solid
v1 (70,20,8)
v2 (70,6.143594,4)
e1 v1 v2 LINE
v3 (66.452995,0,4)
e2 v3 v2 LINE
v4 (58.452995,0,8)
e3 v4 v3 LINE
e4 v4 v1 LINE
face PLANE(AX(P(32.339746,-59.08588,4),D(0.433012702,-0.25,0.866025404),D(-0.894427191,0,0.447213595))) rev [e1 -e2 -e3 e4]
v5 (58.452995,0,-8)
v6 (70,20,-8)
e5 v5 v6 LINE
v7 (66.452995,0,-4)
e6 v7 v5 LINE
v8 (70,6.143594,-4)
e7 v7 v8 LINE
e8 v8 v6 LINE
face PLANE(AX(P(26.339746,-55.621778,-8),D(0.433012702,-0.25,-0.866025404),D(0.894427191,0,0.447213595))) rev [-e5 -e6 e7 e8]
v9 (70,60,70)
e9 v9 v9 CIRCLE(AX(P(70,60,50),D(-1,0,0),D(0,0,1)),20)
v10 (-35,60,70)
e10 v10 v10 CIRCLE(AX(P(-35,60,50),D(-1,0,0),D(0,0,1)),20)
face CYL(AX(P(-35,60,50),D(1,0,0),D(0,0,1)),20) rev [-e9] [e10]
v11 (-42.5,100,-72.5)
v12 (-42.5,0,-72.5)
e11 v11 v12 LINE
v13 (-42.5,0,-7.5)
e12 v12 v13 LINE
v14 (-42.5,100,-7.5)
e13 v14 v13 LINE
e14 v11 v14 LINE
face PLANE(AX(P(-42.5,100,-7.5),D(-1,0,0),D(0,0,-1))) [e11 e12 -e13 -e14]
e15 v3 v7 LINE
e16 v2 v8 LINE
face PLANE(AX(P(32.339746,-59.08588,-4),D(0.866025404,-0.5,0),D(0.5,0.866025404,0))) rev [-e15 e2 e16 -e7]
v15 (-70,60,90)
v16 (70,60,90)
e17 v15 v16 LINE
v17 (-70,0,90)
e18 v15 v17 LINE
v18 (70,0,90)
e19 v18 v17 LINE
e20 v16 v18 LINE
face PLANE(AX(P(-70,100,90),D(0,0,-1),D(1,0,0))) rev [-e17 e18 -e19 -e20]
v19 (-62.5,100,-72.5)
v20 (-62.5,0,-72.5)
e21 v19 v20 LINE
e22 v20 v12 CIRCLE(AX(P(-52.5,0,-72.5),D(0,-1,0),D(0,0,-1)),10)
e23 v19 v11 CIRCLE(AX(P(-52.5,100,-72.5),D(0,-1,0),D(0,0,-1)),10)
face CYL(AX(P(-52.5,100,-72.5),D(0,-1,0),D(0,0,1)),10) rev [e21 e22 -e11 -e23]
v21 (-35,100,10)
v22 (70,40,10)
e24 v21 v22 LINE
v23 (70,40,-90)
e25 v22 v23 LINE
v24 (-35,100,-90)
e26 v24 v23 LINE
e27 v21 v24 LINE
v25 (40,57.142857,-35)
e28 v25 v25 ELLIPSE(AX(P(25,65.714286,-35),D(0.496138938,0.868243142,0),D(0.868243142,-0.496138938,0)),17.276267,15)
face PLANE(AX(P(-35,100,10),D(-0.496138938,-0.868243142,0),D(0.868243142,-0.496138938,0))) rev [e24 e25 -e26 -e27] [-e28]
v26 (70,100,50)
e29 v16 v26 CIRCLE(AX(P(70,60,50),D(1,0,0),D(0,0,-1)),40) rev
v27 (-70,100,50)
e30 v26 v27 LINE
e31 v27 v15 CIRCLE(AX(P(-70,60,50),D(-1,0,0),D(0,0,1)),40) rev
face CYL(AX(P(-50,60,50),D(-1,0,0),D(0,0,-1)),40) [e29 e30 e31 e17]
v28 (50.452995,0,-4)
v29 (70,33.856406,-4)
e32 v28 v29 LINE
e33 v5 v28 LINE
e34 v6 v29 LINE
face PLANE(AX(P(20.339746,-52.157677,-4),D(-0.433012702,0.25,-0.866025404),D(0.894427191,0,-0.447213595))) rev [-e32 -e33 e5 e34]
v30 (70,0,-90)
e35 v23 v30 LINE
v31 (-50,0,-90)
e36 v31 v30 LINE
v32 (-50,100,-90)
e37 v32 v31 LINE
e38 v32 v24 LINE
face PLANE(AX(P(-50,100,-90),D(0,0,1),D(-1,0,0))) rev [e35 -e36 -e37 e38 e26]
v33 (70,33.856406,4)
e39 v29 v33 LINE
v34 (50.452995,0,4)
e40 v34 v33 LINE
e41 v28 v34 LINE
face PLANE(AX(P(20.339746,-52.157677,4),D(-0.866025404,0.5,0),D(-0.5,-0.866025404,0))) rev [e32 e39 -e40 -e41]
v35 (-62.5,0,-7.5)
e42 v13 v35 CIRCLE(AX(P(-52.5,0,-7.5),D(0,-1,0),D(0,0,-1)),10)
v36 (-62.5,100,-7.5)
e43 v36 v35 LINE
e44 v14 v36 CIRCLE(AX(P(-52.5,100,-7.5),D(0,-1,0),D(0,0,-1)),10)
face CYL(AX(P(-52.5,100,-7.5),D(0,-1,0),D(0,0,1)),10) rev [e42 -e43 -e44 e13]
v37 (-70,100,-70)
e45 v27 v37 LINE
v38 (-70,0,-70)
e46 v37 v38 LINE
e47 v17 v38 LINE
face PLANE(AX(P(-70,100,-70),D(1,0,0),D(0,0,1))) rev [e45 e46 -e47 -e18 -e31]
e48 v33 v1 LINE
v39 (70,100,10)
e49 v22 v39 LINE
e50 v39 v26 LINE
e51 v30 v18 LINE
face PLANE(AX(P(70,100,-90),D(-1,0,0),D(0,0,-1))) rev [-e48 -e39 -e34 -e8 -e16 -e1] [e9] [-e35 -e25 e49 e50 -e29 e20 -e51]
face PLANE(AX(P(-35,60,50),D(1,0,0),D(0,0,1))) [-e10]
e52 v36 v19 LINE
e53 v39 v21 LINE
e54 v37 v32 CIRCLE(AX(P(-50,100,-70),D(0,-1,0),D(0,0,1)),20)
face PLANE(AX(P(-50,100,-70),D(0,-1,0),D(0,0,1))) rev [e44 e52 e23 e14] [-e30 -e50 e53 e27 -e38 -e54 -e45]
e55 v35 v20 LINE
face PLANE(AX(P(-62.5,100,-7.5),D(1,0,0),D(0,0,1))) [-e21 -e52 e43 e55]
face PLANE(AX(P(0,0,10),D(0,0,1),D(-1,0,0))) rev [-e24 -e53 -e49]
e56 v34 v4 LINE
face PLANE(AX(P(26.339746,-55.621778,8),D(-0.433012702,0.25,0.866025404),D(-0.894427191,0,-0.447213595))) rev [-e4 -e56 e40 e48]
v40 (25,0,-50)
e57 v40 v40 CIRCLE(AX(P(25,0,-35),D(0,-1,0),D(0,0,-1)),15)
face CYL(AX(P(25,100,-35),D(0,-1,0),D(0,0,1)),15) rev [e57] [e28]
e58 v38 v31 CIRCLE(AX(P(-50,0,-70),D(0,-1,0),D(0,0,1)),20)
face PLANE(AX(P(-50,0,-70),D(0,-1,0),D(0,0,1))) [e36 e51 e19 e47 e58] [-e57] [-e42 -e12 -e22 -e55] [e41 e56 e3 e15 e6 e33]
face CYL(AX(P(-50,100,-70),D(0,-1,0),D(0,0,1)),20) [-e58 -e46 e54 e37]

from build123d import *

# Parameters (mm, degrees)
SKETCH1_R           = 15
BOSS_EXTRUDE1_DEPTH = 100
CUT_EXTRUDE1_DEPTH  = 100
FILLET1_R           = 40
SKETCH3_R           = 20
CUT_EXTRUDE2_DEPTH  = 105
CUT_EXTRUDE3_DEPTH  = 191.523897853


with BuildPart() as part:
    # Sketch1 → Boss-Extrude1 (new body)
    with BuildSketch(Plane(origin=(0, 0, 0), x_dir=(1, 0, 0), z_dir=(0, 1, 0))):
        with BuildLine():
            Line((-50, -90), (70, -90))
            Line((70, -90), (70, 90))
            Line((70, 90), (-70, 90))
            Line((-70, 90), (-70, -70))
            ThreePointArc((-70, -70), (-64.142135624, -84.142135624), (-50, -90))
        make_face()
        with Locations(Location((25, -35, 0), (0, 0, 270))):
            Circle(SKETCH1_R, mode=Mode.SUBTRACT)
        with BuildLine():
            Line((-42.5, -7.5), (-42.5, -72.5))
            ThreePointArc((-42.5, -72.5), (-52.5, -82.5), (-62.5, -72.5))
            Line((-62.5, -72.5), (-62.5, -7.5))
            ThreePointArc((-62.5, -7.5), (-52.5, 2.5), (-42.5, -7.5))
        make_face(mode=Mode.SUBTRACT)
    extrude(amount=BOSS_EXTRUDE1_DEPTH)

    # Sketch2 → Cut-Extrude1 (cut)
    with BuildSketch(Plane.XY.offset(90)):
        Polygon((-35, 100), (70, 40), (70, 100), align=None)
    extrude(amount=-CUT_EXTRUDE1_DEPTH, mode=Mode.SUBTRACT)

    # Fillet1
    fillet1_edges = [part.edges().sort_by_distance(p)[0] for p in [
        (0, 100, -90),
    ]]
    fillet(fillet1_edges, radius=FILLET1_R)

    # Sketch3 → Cut-Extrude2 (cut)
    with BuildSketch(Plane(origin=(70, 0, 0), x_dir=(0, 0, -1), z_dir=(1, 0, 0))):
        with Locations((50, 60)):
            Circle(SKETCH3_R)
    extrude(amount=-CUT_EXTRUDE2_DEPTH, mode=Mode.SUBTRACT)

    # Sketch6 → Cut-Extrude3 (cut, through all)
    with BuildSketch(Plane(origin=(60.801270189, 105.310889132, 0), x_dir=(0, 0, -1), z_dir=(0.499999999999998, 0.8660254037844398, 0))):
        Polygon((8, -50.621778265), (4, -43.693575035), (-4, -43.693575035), (-8, -50.621778265), (-4, -57.549981495), (4, -57.549981495), align=None)
    extrude(amount=-CUT_EXTRUDE3_DEPTH, mode=Mode.SUBTRACT)


with BuildPart() as body_2:
    # Mirror1: mirrored copy
    add(part.part.mirror(Plane(origin=(-50, 100, 90), x_dir=(1, 0, 0), z_dir=(0, 0, -1))))


with BuildPart() as body_2_1:
    # Body-Move/Copy2: moved
    add(body_2.part.moved(Location((0, 0, -180))))


solid = body_2_1.part
